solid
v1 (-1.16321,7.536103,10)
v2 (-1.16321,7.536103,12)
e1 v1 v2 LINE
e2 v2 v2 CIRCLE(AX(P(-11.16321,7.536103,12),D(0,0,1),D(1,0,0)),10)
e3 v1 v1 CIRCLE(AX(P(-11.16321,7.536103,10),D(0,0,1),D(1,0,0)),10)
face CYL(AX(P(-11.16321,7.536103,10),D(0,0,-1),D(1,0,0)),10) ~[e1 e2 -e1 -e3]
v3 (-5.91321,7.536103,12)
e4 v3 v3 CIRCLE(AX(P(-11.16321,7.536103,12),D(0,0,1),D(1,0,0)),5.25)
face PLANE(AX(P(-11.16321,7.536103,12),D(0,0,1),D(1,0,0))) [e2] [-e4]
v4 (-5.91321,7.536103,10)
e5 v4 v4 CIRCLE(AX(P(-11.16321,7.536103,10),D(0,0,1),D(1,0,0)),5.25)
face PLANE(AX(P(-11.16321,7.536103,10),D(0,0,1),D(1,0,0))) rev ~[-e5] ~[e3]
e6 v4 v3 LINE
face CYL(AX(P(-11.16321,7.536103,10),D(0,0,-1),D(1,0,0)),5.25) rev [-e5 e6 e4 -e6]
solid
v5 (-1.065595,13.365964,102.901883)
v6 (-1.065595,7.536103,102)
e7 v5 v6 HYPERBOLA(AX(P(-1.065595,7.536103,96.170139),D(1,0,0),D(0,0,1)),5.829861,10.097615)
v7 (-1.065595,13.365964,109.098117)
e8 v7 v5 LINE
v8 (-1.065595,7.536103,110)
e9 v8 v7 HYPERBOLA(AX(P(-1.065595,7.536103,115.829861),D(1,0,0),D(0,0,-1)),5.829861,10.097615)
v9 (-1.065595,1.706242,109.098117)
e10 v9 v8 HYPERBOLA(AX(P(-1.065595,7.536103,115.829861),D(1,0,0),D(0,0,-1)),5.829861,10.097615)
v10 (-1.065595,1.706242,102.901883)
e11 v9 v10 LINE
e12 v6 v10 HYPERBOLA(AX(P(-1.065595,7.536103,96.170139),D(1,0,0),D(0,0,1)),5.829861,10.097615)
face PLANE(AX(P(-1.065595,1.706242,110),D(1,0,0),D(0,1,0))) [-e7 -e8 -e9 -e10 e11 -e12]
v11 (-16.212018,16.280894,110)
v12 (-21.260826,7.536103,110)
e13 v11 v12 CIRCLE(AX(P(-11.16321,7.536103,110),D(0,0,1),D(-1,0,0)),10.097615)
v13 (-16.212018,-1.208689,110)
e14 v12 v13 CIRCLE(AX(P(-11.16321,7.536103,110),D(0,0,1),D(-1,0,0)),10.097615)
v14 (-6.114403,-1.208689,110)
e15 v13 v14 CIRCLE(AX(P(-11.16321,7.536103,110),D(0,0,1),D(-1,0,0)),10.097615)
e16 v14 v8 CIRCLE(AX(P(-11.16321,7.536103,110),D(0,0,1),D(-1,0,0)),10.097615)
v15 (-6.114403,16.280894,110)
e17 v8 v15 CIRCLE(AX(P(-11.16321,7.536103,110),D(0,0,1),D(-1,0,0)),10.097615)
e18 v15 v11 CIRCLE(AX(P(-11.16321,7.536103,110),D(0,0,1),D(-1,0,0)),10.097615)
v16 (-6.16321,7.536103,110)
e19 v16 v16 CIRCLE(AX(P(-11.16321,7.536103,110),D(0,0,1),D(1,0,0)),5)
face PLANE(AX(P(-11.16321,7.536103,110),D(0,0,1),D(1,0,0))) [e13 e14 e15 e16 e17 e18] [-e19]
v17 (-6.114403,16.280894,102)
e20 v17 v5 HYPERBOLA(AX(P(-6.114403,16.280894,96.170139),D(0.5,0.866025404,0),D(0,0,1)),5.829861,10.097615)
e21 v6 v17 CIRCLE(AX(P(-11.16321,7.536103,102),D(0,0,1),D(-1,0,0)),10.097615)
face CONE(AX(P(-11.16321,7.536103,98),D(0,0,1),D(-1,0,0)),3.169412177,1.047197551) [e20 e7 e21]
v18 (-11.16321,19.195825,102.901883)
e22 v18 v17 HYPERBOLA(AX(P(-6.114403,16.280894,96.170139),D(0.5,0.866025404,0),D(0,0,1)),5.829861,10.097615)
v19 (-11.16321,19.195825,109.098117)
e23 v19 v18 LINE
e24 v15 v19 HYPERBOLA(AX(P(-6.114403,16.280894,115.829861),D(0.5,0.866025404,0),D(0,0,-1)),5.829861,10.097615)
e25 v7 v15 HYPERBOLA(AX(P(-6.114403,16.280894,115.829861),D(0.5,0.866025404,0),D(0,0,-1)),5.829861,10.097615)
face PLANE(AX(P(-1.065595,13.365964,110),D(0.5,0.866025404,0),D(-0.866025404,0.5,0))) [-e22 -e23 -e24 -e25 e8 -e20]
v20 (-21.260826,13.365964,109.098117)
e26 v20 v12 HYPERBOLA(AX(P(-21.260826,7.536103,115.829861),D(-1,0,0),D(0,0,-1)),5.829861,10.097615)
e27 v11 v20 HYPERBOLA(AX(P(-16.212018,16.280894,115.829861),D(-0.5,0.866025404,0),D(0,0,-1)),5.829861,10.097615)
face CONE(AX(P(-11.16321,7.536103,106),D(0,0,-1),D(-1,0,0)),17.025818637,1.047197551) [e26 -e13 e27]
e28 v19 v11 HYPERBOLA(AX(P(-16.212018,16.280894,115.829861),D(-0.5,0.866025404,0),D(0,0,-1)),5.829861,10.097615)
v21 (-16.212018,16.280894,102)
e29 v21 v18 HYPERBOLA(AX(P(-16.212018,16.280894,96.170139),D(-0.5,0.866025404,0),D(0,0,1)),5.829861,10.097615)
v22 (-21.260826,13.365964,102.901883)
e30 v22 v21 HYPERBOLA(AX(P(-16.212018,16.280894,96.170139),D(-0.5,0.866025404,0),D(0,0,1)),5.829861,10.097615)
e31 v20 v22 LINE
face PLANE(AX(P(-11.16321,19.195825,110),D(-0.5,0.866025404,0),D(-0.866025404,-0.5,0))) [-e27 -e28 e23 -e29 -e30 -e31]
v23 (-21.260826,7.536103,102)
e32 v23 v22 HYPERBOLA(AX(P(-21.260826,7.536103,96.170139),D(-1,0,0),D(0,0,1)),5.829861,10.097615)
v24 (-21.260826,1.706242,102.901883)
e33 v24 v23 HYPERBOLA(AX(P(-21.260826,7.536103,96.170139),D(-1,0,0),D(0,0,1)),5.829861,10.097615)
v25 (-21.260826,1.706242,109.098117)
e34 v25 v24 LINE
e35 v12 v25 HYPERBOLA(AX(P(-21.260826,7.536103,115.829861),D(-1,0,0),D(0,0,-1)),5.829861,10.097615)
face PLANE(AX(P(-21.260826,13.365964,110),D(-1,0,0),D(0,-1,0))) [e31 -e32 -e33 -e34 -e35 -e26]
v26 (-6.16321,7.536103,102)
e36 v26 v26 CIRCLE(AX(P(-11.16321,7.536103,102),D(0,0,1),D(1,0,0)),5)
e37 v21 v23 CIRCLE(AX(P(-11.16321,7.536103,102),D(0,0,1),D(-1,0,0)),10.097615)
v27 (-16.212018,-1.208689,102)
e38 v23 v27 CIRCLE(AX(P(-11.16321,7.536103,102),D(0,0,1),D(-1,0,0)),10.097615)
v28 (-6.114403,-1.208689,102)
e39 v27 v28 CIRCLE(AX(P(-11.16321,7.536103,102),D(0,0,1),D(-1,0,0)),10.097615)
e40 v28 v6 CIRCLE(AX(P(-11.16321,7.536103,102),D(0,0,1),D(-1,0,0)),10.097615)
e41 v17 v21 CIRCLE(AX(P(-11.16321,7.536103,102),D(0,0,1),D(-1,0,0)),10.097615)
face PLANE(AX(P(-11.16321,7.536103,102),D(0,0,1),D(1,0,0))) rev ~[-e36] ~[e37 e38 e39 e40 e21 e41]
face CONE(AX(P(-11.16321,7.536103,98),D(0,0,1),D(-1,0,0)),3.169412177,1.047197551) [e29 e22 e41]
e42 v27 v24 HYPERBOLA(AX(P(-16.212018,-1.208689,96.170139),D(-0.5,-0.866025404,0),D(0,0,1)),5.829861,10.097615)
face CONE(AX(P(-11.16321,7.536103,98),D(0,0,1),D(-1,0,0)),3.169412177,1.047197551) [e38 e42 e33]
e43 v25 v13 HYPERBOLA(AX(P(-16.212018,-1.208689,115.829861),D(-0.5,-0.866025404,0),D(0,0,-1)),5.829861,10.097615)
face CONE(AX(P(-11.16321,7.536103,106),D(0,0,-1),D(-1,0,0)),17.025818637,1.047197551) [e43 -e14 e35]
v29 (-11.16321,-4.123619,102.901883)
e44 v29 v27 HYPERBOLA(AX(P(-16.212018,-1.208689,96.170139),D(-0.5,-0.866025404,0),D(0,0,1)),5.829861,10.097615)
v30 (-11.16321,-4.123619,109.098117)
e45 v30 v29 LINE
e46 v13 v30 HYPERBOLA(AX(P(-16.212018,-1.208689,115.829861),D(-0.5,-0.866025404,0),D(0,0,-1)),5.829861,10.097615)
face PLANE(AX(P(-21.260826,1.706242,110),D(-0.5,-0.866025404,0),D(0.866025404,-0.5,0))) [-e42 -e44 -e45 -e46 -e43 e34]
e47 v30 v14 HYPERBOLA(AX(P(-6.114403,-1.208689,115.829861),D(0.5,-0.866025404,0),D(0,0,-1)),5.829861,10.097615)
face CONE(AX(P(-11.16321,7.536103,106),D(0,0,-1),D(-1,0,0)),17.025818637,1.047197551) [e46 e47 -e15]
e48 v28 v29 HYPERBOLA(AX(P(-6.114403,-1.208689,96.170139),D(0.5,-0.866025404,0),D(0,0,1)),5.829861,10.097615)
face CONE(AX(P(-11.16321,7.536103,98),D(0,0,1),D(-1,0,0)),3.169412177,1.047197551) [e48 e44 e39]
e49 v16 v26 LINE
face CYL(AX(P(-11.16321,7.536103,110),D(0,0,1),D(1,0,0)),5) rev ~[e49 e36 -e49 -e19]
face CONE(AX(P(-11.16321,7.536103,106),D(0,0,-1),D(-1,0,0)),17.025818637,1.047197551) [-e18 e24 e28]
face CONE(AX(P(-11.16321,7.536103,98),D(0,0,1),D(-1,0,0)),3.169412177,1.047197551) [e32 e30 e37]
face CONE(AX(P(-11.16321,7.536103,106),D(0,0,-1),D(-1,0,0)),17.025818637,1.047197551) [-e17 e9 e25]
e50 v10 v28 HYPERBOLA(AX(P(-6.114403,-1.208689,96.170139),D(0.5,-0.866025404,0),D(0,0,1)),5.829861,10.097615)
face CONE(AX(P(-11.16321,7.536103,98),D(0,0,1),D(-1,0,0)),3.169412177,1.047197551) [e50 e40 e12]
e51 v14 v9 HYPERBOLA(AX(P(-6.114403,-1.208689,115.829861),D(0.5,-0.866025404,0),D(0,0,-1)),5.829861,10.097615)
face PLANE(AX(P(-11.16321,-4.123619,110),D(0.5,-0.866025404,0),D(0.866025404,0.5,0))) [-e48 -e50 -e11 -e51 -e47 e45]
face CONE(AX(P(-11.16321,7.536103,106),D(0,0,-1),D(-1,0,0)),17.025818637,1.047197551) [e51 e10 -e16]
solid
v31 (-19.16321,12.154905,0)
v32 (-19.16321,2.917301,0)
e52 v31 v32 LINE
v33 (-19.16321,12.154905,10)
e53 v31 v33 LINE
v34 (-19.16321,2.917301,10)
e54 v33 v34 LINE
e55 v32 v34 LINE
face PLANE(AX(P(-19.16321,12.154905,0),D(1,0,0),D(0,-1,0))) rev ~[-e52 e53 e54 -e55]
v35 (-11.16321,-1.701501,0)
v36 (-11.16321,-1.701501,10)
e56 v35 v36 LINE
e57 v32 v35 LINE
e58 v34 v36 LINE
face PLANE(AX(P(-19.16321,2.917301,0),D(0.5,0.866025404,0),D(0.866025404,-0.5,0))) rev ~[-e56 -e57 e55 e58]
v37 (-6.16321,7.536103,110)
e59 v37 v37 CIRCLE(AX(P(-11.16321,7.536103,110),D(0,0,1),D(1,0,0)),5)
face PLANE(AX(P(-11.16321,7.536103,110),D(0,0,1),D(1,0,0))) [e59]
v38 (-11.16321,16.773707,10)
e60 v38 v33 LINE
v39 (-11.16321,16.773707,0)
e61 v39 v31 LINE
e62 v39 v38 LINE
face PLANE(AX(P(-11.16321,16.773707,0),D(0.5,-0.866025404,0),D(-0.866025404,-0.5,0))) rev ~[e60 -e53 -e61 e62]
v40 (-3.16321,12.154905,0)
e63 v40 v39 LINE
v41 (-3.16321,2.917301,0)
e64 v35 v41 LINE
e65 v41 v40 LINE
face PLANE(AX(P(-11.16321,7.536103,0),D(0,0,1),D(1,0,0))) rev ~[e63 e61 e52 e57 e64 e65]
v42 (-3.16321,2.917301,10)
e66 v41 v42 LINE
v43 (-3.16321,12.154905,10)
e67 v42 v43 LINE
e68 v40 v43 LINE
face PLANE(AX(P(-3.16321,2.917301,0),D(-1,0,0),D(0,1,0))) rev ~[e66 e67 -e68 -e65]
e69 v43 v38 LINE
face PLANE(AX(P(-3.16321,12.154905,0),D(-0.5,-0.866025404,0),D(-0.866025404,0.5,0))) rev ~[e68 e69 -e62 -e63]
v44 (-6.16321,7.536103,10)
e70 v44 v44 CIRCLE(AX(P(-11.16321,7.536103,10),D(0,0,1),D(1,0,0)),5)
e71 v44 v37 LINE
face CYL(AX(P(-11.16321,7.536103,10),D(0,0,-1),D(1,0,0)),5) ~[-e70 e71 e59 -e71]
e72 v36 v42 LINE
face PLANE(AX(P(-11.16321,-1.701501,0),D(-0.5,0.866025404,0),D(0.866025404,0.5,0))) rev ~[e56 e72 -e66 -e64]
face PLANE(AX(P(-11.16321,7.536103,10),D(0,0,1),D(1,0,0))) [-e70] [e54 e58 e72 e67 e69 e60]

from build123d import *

# Parameters (mm, degrees)
SKETCH1_R           = 5
BOSS_EXTRUDE1_DEPTH = 10
BOSS_EXTRUDE2_START = 10
SKETCH1_3_R         = 5
BOSS_EXTRUDE2_DEPTH = 100
BOSS_EXTRUDE3_START = 10
SKETCH3_R           = 10
SKETCH3_R_2         = 5.25
BOSS_EXTRUDE3_DEPTH = 2
SKETCH4_R           = 5
BOSS_EXTRUDE4_DEPTH = 8


with BuildPart() as part:
    # Sketch1 → Boss-Extrude1 (new body)
    # profile 1 of 2: a face of its own
    with BuildSketch(Plane.XY):
        Polygon((-11.163210479, -1.701501358), (-3.163210479, 2.917300796), (-3.163210479, 12.154905103), (-11.163210479, 16.773707256), (-19.163210479, 12.154905103), (-19.163210479, 2.917300796), align=None)
        with Locations((-11.163210479, 7.536102949)):
            Circle(SKETCH1_R, mode=Mode.SUBTRACT)
    # profile 2 of 2: a face of its own
    with BuildSketch(Plane.XY):
        with Locations((-11.163210479, 7.536102949)):
            Circle(SKETCH1_R)
    extrude(amount=BOSS_EXTRUDE1_DEPTH)

    # Sketch1<3> → Boss-Extrude2 (add)
    with BuildSketch(Plane.XY.offset(BOSS_EXTRUDE2_START)):
        with Locations((-11.163210479, 7.536102949)):
            Circle(SKETCH1_3_R)
    extrude(amount=BOSS_EXTRUDE2_DEPTH)


with BuildPart() as body_2:
    # Sketch3 → Boss-Extrude3 (new body)
    with BuildSketch(Plane.XY.offset(BOSS_EXTRUDE3_START)):
        with Locations((-11.163210479, 7.536102949)):
            Circle(SKETCH3_R)
        with Locations((-11.163210479, 7.536102949)):
            Circle(SKETCH3_R_2, mode=Mode.SUBTRACT)
    extrude(amount=BOSS_EXTRUDE3_DEPTH)


with BuildPart() as body_3:
    # Sketch4 → Boss-Extrude4 (new body)
    with BuildSketch(Plane.XY.offset(110)):
        Polygon((-11.163210479, -4.123618998), (-1.065595071, 1.706241975), (-1.065595071, 13.365963923), (-11.163210479, 19.195824897), (-21.260825886, 13.365963923), (-21.260825886, 1.706241975), align=None)
        with Locations((-11.163210479, 7.536102949)):
            Circle(SKETCH4_R, mode=Mode.SUBTRACT)
    extrude(amount=-BOSS_EXTRUDE4_DEPTH)

    # Sketch5 → Cut-Revolve1 (revolve, cut)
    with BuildSketch(Plane(origin=(0, 7.536102949, 0), x_dir=(-1, 0, 0), z_dir=(0, -1, 0))):
        Polygon((28.189029116, -106), (14.332622656, -114), (14.332622656, -118.5), (39.332622656, -118.5), (39.332622656, -93.5), (14.332622656, -93.5), (14.332622656, -98), align=None)
    revolve(axis=Axis((-11.163210479, 7.536102949, 111.6), (0, 0, 1)), mode=Mode.SUBTRACT)


solid = Compound([part.part, body_2.part, body_3.part])
